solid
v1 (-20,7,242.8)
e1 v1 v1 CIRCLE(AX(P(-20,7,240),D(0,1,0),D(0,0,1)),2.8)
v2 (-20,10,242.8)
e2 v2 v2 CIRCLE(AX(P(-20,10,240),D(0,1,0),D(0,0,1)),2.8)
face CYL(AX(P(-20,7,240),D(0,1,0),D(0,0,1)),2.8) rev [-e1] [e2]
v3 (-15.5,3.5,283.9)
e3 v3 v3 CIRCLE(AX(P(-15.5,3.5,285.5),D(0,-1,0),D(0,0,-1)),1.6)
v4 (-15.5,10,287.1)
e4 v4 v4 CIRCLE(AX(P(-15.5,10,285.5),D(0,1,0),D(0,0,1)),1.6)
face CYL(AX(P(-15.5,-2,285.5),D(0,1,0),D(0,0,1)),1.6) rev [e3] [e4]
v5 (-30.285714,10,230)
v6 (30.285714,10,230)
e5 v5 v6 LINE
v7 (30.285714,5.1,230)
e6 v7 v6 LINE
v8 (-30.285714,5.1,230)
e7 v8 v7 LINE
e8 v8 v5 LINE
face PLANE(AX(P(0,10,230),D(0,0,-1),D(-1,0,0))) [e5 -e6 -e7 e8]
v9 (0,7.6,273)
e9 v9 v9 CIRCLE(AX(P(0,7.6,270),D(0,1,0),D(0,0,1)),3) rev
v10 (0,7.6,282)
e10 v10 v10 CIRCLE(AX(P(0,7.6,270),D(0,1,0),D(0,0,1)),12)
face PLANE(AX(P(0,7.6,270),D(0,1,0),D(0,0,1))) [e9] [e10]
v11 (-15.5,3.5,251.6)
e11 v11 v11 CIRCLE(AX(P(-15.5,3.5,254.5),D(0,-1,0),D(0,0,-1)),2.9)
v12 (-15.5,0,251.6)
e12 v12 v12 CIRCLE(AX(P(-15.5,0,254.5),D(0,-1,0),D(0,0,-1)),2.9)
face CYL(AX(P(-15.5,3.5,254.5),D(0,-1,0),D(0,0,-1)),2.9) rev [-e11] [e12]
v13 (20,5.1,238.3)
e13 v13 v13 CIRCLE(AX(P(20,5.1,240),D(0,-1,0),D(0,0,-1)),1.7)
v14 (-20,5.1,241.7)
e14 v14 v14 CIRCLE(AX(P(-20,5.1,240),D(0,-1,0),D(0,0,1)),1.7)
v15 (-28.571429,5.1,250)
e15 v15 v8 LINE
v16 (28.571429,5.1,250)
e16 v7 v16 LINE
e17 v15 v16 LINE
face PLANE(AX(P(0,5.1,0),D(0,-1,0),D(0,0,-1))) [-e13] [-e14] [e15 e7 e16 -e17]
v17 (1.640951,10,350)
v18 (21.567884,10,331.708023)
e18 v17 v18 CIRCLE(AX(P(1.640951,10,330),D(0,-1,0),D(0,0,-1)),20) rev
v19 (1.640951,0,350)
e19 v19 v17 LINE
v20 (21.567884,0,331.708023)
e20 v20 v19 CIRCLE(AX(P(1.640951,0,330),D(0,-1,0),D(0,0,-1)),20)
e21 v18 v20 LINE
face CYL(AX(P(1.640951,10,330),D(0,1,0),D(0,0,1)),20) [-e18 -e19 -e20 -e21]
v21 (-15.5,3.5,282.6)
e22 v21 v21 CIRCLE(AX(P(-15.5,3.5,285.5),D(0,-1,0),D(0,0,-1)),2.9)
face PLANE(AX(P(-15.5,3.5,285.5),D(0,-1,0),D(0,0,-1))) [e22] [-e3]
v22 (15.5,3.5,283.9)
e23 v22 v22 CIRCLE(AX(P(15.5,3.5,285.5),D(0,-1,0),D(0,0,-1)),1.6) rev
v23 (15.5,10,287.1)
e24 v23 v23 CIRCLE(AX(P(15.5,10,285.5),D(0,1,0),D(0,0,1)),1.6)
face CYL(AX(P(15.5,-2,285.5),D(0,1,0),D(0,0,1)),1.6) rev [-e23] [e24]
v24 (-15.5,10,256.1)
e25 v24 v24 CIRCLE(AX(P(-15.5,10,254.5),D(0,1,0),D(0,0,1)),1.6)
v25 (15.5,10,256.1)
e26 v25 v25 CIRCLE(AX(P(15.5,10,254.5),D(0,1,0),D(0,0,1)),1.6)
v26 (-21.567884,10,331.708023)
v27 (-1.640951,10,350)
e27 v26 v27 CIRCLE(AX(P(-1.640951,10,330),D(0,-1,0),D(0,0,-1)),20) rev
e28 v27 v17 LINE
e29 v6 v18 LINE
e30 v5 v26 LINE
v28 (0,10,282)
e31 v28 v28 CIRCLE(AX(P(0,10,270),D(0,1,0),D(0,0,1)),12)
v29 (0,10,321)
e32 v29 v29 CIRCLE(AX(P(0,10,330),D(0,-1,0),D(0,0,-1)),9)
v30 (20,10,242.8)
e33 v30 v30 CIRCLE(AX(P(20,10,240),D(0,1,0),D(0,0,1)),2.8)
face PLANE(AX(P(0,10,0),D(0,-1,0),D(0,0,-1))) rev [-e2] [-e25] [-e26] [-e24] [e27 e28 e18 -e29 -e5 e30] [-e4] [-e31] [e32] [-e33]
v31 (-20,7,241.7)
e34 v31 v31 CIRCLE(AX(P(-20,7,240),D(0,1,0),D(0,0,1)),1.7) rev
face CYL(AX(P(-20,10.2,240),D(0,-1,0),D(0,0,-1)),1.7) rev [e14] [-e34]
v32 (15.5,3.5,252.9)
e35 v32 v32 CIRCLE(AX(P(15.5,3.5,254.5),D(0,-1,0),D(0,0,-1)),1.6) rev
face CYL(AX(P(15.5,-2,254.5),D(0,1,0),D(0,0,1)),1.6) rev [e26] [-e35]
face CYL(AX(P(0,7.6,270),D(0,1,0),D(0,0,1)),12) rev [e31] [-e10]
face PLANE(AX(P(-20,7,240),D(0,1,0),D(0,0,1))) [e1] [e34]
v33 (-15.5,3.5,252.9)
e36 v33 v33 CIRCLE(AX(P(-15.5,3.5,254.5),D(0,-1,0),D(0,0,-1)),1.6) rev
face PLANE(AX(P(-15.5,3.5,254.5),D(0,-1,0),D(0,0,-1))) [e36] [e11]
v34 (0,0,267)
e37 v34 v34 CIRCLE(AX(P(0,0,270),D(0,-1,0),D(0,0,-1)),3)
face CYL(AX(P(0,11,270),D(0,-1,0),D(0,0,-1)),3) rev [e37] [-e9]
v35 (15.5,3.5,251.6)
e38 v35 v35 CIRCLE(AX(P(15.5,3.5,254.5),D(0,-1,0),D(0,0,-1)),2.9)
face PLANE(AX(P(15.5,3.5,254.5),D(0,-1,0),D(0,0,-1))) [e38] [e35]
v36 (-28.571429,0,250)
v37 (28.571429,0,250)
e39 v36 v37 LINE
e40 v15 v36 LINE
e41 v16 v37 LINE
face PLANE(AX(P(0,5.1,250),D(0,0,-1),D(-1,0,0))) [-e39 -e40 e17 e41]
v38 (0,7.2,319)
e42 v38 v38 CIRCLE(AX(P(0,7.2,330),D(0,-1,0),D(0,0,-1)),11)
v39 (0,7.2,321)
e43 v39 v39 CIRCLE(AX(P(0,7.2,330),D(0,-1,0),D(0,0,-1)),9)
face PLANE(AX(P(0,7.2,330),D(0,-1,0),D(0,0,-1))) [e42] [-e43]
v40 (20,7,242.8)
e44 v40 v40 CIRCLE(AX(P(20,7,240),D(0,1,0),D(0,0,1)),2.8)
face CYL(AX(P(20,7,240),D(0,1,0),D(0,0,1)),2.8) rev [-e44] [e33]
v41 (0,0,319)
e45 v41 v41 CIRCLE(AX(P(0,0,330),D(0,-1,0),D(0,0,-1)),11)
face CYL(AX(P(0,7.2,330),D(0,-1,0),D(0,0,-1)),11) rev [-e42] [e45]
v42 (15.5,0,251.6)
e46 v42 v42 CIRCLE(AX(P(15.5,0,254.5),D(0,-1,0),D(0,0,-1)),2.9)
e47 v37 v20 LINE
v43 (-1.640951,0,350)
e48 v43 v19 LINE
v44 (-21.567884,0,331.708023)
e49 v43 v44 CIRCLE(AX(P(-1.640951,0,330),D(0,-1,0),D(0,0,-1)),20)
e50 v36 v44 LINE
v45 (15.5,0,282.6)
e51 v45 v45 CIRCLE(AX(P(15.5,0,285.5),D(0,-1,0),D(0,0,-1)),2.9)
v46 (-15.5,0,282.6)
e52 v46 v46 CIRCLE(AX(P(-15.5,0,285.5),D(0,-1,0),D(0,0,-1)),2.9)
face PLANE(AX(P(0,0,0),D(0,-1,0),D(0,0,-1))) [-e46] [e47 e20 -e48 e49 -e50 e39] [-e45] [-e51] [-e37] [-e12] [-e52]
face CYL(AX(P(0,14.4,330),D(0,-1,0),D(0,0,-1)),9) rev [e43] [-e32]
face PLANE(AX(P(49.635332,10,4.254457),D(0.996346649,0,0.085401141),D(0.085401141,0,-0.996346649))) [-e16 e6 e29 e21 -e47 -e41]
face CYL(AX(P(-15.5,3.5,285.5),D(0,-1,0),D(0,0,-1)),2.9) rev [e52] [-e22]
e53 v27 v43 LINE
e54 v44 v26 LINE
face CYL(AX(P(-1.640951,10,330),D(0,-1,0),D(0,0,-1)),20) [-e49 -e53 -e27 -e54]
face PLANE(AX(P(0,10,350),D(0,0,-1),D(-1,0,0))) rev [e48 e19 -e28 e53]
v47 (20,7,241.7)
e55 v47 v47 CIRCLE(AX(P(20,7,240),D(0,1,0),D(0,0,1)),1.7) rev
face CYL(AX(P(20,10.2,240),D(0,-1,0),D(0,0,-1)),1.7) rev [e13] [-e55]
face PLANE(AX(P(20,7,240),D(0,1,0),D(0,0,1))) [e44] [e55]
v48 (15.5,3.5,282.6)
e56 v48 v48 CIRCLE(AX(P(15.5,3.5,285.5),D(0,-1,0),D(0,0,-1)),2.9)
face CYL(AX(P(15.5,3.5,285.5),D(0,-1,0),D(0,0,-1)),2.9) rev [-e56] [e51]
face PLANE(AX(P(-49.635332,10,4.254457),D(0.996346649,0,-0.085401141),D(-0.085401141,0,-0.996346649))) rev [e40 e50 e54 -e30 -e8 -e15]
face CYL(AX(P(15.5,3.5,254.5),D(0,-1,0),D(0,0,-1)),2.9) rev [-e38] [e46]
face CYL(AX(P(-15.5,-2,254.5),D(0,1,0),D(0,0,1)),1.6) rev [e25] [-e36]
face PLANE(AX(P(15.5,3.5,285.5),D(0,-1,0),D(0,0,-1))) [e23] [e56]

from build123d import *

# Parameters (mm, degrees)
SKETCH1_R           = 50
BOSS_EXTRUDE1_DEPTH = 10
SKETCH2_R           = 20
CUT_EXTRUDE1_DEPTH  = 5
CUT_EXTRUDE6_DEPTH  = 3
SKETCH8_R           = 1.7
CUT_EXTRUDE7_DEPTH  = 10
BOSS_EXTRUDE3_DEPTH = 10
CUT_EXTRUDE11_DEPTH = 10
SKETCH15_W          = 131.735170003
SKETCH15_H          = 179.266555965
CUT_EXTRUDE12_DEPTH = 79
BOSS_EXTRUDE4_DEPTH = 4.9
SKETCH17_R          = 1.7
CUT_EXTRUDE13_DEPTH = 10
CUT_EXTRUDE14_DEPTH = 3
SKETCH19_W          = 78.571428572
SKETCH19_H          = 5.1
CUT_EXTRUDE15_DEPTH = 0.5
SKETCH21_W          = 92.115977302
SKETCH21_H          = 140.887390287
CUT_EXTRUDE16_DEPTH = 10
CUT_EXTRUDE17_DEPTH = 5.1
SKETCH24_R          = 1.7
CUT_EXTRUDE19_DEPTH = 5.1
SKETCH25_R          = 11
CUT_EXTRUDE20_DEPTH = 7.2
SKETCH26_R          = 9
CUT_EXTRUDE21_DEPTH = 7.2
SKETCH27_R          = 3
CUT_EXTRUDE22_DEPTH = 11
SKETCH28_R          = 1.6
CUT_EXTRUDE23_DEPTH = 12
SKETCH29_R          = 2.9
SKETCH29_R_2        = 1.6
CUT_EXTRUDE24_DEPTH = 3.5
SKETCH30_R          = 12
CUT_EXTRUDE25_DEPTH = 2.4
SKETCH31_R          = 2.8
CUT_EXTRUDE26_DEPTH = 3
FILLET1_R           = 20


with BuildPart() as part:
    # Sketch1 → Boss-Extrude1 (new body)
    with BuildSketch(Plane(origin=(0, 0, 0), x_dir=(1, 0, 0), z_dir=(0, 1, 0))):
        Circle(SKETCH1_R)
    extrude(amount=BOSS_EXTRUDE1_DEPTH)

    # Sketch2 → Cut-Extrude1 (cut)
    with BuildSketch(Plane(origin=(0, 10, 0), x_dir=(1, 0, 0), z_dir=(0, 1, 0))):
        Circle(SKETCH2_R)
    extrude(amount=-CUT_EXTRUDE1_DEPTH, mode=Mode.SUBTRACT)

    # Sketch7 → Cut-Extrude6 (cut)
    with BuildSketch(Plane.XZ):
        Polygon((12.990381057, -4.209103466), (10.140381057, -5.854551733), (10.140381057, -9.145448267), (12.990381057, -10.790896534), (15.840381057, -9.145448267), (15.840381057, -5.854551733), align=None)
        Polygon((-12.990381057, -4.209103466), (-15.840381057, -5.854551733), (-15.840381057, -9.145448267), (-12.990381057, -10.790896534), (-10.140381057, -9.145448267), (-10.140381057, -5.854551733), align=None)
        Polygon((-2.85, 16.645448267), (-2.85, 13.354551733), (0, 11.709103466), (2.85, 13.354551733), (2.85, 16.645448267), (0, 18.290896534), align=None)
    extrude(amount=-CUT_EXTRUDE6_DEPTH, mode=Mode.SUBTRACT)

    # Sketch8 → Cut-Extrude7 (cut)
    with BuildSketch(Plane.XZ):
        with Locations((0, 15)):
            Circle(SKETCH8_R)
        with Locations((12.990381057, -7.5)):
            Circle(SKETCH8_R)
        with Locations((-12.990381057, -7.5)):
            Circle(SKETCH8_R)
    extrude(amount=-CUT_EXTRUDE7_DEPTH, mode=Mode.SUBTRACT)


with BuildPart() as body_2:
    # Sketch9 → Boss-Extrude3 (new body)
    with BuildSketch(Plane.XZ):
        with BuildLine():
            Line((-50, 350), (-50, 0))
            ThreePointArc((-50, 0), (0, 50), (50, 0))
            Line((50, 0), (50, 350))
            Line((50, 350), (-50, 350))
        make_face()
    extrude(amount=-BOSS_EXTRUDE3_DEPTH)

    # Sketch13 → Cut-Extrude11 (cut)
    with BuildSketch(Plane.XZ):
        with BuildLine():
            Line((-50, 350), (-50, 0))
            ThreePointArc((-50, 0), (-49.817332452, 4.270057067), (-49.270664506, 8.5089141))
            Line((-49.270664506, 8.5089141), (-20, 350))
            Line((-20, 350), (-50, 350))
        make_face()
        with BuildLine():
            Line((20, 350), (49.270664506, 8.5089141))
            ThreePointArc((49.270664506, 8.5089141), (49.817332452, 4.270057067), (50, 0))
            Line((50, 0), (50, 350))
            Line((50, 350), (20, 350))
        make_face()
    extrude(amount=-CUT_EXTRUDE11_DEPTH, mode=Mode.SUBTRACT)


with BuildPart() as cut_extrude12_tool:
    # Sketch15 → Cut-Extrude12 (new body)
    with BuildSketch(Plane(origin=(0, 10, 0), x_dir=(1, 0, 0), z_dir=(0, 1, 0))):
        with Locations((-8.166136658, -35.366722018)):
            Rectangle(SKETCH15_W, SKETCH15_H)
    extrude(amount=-CUT_EXTRUDE12_DEPTH)


with BuildPart() as part_1:
    add(part.part)

    # Cut-Extrude12: cut by cut_extrude12_tool
    add(cut_extrude12_tool.part, mode=Mode.SUBTRACT)


with BuildPart() as body_2_1:
    add(body_2.part)

    # Cut-Extrude12: cut by cut_extrude12_tool
    add(cut_extrude12_tool.part, mode=Mode.SUBTRACT)

    # Sketch16 → Boss-Extrude4 (add)
    with BuildSketch(Plane(origin=(0, 10, 0), x_dir=(1, 0, 0), z_dir=(0, 1, 0))):
        Polygon((40.972386827, -105.322153681), (-40.972386827, -105.322153681), (-39.285714286, -125), (39.285714286, -125), align=None)
    extrude(amount=-BOSS_EXTRUDE4_DEPTH)

    # Sketch17 → Cut-Extrude13 (cut)
    with BuildSketch(Plane.XZ.offset(-5.1)):
        with Locations((-25, 115)):
            Circle(SKETCH17_R)
        with Locations((25, 115)):
            Circle(SKETCH17_R)
    extrude(amount=-CUT_EXTRUDE13_DEPTH, mode=Mode.SUBTRACT)

    # Sketch18 → Cut-Extrude14 (cut)
    with BuildSketch(Plane(origin=(0, 10, 0), x_dir=(1, 0, 0), z_dir=(0, 1, 0))):
        Polygon((-25, -111.651368439), (-27.9, -113.325684219), (-27.9, -116.674315781), (-25, -118.348631561), (-22.1, -116.674315781), (-22.1, -113.325684219), align=None)
        Polygon((22.1, -113.325684219), (25, -111.651368439), (27.9, -113.325684219), (27.9, -116.674315781), (25, -118.348631561), (22.1, -116.674315781), align=None)
    extrude(amount=-CUT_EXTRUDE14_DEPTH, mode=Mode.SUBTRACT)

    # Sketch19 → Cut-Extrude15 (cut)
    with BuildSketch(Plane(origin=(0, 0, 125), x_dir=(-1, 0, 0), z_dir=(0, 0, -1))):
        with Locations((0, 2.55)):
            Rectangle(SKETCH19_W, SKETCH19_H)
    extrude(amount=-CUT_EXTRUDE15_DEPTH, mode=Mode.SUBTRACT)

    # Sketch21 → Cut-Extrude16 (cut)
    with BuildSketch(Plane.XZ):
        with Locations((0.437891513, 159.556304857)):
            Rectangle(SKETCH21_W, SKETCH21_H)
    extrude(amount=-CUT_EXTRUDE16_DEPTH, mode=Mode.SUBTRACT)

    # Sketch21<3> → Cut-Extrude17 (cut)
    with BuildSketch(Plane.XZ):
        Polygon((-28.571428571, 250), (-30.285714286, 230), (30.285714286, 230), (28.571428571, 250), align=None)
    extrude(amount=-CUT_EXTRUDE17_DEPTH, mode=Mode.SUBTRACT)

    # Sketch24 → Cut-Extrude19 (cut)
    with BuildSketch(Plane.XZ.offset(-5.1)):
        with Locations((20, 240)):
            Circle(SKETCH24_R)
        with Locations((-20, 240)):
            Circle(SKETCH24_R)
    extrude(amount=-CUT_EXTRUDE19_DEPTH, mode=Mode.SUBTRACT)

    # Sketch25 → Cut-Extrude20 (cut)
    with BuildSketch(Plane.XZ):
        with Locations((0, 330)):
            Circle(SKETCH25_R)
    extrude(amount=-CUT_EXTRUDE20_DEPTH, mode=Mode.SUBTRACT)

    # Sketch26 → Cut-Extrude21 (cut)
    with BuildSketch(Plane.XZ.offset(-7.2)):
        with Locations((0, 330)):
            Circle(SKETCH26_R)
    extrude(amount=-CUT_EXTRUDE21_DEPTH, mode=Mode.SUBTRACT)

    # Sketch27 → Cut-Extrude22 (cut)
    with BuildSketch(Plane.XZ):
        with Locations((0, 270)):
            Circle(SKETCH27_R)
    extrude(amount=-CUT_EXTRUDE22_DEPTH, mode=Mode.SUBTRACT)

    # Sketch28 → Cut-Extrude23 (cut)
    with BuildSketch(Plane(origin=(0, 10, 0), x_dir=(1, 0, 0), z_dir=(0, 1, 0))):
        with Locations((-15.5, -254.5)):
            Circle(SKETCH28_R)
        with Locations((15.5, -254.5)):
            Circle(SKETCH28_R)
        with Locations((15.5, -285.5)):
            Circle(SKETCH28_R)
        with Locations((-15.5, -285.5)):
            Circle(SKETCH28_R)
    extrude(amount=-CUT_EXTRUDE23_DEPTH, mode=Mode.SUBTRACT)

    # Sketch29 → Cut-Extrude24 (cut)
    # profile 1 of 4: a face of its own
    with BuildSketch(Plane.XZ):
        with Locations((-15.5, 285.5)):
            Circle(SKETCH29_R)
        with Locations((-15.5, 285.5)):
            Circle(SKETCH29_R_2, mode=Mode.SUBTRACT)
    # profile 2 of 4: a face of its own
    with BuildSketch(Plane.XZ):
        with Locations((15.5, 285.5)):
            Circle(SKETCH29_R)
    # profile 3 of 4: a face of its own
    with BuildSketch(Plane.XZ):
        with Locations((15.5, 254.5)):
            Circle(SKETCH29_R)
    # profile 4 of 4: a face of its own
    with BuildSketch(Plane.XZ):
        with Locations((-15.5, 254.5)):
            Circle(SKETCH29_R)
    extrude(amount=-CUT_EXTRUDE24_DEPTH, mode=Mode.SUBTRACT)

    # Sketch30 → Cut-Extrude25 (cut)
    with BuildSketch(Plane(origin=(0, 10, 0), x_dir=(1, 0, 0), z_dir=(0, 1, 0))):
        with Locations((0, -270)):
            Circle(SKETCH30_R)
    extrude(amount=-CUT_EXTRUDE25_DEPTH, mode=Mode.SUBTRACT)

    # Sketch31 → Cut-Extrude26 (cut)
    with BuildSketch(Plane(origin=(0, 10, 0), x_dir=(1, 0, 0), z_dir=(0, 1, 0))):
        with Locations((-20, -240)):
            Circle(SKETCH31_R)
        with Locations((20, -240)):
            Circle(SKETCH31_R)
    extrude(amount=-CUT_EXTRUDE26_DEPTH, mode=Mode.SUBTRACT)

    # Fillet1
    fillet1_edges = [body_2_1.edges().sort_by_distance(p)[0] for p in [
        (-20, 5, 350),
        (20, 5, 350),
    ]]
    fillet(fillet1_edges, radius=FILLET1_R)


solid = body_2_1.part
